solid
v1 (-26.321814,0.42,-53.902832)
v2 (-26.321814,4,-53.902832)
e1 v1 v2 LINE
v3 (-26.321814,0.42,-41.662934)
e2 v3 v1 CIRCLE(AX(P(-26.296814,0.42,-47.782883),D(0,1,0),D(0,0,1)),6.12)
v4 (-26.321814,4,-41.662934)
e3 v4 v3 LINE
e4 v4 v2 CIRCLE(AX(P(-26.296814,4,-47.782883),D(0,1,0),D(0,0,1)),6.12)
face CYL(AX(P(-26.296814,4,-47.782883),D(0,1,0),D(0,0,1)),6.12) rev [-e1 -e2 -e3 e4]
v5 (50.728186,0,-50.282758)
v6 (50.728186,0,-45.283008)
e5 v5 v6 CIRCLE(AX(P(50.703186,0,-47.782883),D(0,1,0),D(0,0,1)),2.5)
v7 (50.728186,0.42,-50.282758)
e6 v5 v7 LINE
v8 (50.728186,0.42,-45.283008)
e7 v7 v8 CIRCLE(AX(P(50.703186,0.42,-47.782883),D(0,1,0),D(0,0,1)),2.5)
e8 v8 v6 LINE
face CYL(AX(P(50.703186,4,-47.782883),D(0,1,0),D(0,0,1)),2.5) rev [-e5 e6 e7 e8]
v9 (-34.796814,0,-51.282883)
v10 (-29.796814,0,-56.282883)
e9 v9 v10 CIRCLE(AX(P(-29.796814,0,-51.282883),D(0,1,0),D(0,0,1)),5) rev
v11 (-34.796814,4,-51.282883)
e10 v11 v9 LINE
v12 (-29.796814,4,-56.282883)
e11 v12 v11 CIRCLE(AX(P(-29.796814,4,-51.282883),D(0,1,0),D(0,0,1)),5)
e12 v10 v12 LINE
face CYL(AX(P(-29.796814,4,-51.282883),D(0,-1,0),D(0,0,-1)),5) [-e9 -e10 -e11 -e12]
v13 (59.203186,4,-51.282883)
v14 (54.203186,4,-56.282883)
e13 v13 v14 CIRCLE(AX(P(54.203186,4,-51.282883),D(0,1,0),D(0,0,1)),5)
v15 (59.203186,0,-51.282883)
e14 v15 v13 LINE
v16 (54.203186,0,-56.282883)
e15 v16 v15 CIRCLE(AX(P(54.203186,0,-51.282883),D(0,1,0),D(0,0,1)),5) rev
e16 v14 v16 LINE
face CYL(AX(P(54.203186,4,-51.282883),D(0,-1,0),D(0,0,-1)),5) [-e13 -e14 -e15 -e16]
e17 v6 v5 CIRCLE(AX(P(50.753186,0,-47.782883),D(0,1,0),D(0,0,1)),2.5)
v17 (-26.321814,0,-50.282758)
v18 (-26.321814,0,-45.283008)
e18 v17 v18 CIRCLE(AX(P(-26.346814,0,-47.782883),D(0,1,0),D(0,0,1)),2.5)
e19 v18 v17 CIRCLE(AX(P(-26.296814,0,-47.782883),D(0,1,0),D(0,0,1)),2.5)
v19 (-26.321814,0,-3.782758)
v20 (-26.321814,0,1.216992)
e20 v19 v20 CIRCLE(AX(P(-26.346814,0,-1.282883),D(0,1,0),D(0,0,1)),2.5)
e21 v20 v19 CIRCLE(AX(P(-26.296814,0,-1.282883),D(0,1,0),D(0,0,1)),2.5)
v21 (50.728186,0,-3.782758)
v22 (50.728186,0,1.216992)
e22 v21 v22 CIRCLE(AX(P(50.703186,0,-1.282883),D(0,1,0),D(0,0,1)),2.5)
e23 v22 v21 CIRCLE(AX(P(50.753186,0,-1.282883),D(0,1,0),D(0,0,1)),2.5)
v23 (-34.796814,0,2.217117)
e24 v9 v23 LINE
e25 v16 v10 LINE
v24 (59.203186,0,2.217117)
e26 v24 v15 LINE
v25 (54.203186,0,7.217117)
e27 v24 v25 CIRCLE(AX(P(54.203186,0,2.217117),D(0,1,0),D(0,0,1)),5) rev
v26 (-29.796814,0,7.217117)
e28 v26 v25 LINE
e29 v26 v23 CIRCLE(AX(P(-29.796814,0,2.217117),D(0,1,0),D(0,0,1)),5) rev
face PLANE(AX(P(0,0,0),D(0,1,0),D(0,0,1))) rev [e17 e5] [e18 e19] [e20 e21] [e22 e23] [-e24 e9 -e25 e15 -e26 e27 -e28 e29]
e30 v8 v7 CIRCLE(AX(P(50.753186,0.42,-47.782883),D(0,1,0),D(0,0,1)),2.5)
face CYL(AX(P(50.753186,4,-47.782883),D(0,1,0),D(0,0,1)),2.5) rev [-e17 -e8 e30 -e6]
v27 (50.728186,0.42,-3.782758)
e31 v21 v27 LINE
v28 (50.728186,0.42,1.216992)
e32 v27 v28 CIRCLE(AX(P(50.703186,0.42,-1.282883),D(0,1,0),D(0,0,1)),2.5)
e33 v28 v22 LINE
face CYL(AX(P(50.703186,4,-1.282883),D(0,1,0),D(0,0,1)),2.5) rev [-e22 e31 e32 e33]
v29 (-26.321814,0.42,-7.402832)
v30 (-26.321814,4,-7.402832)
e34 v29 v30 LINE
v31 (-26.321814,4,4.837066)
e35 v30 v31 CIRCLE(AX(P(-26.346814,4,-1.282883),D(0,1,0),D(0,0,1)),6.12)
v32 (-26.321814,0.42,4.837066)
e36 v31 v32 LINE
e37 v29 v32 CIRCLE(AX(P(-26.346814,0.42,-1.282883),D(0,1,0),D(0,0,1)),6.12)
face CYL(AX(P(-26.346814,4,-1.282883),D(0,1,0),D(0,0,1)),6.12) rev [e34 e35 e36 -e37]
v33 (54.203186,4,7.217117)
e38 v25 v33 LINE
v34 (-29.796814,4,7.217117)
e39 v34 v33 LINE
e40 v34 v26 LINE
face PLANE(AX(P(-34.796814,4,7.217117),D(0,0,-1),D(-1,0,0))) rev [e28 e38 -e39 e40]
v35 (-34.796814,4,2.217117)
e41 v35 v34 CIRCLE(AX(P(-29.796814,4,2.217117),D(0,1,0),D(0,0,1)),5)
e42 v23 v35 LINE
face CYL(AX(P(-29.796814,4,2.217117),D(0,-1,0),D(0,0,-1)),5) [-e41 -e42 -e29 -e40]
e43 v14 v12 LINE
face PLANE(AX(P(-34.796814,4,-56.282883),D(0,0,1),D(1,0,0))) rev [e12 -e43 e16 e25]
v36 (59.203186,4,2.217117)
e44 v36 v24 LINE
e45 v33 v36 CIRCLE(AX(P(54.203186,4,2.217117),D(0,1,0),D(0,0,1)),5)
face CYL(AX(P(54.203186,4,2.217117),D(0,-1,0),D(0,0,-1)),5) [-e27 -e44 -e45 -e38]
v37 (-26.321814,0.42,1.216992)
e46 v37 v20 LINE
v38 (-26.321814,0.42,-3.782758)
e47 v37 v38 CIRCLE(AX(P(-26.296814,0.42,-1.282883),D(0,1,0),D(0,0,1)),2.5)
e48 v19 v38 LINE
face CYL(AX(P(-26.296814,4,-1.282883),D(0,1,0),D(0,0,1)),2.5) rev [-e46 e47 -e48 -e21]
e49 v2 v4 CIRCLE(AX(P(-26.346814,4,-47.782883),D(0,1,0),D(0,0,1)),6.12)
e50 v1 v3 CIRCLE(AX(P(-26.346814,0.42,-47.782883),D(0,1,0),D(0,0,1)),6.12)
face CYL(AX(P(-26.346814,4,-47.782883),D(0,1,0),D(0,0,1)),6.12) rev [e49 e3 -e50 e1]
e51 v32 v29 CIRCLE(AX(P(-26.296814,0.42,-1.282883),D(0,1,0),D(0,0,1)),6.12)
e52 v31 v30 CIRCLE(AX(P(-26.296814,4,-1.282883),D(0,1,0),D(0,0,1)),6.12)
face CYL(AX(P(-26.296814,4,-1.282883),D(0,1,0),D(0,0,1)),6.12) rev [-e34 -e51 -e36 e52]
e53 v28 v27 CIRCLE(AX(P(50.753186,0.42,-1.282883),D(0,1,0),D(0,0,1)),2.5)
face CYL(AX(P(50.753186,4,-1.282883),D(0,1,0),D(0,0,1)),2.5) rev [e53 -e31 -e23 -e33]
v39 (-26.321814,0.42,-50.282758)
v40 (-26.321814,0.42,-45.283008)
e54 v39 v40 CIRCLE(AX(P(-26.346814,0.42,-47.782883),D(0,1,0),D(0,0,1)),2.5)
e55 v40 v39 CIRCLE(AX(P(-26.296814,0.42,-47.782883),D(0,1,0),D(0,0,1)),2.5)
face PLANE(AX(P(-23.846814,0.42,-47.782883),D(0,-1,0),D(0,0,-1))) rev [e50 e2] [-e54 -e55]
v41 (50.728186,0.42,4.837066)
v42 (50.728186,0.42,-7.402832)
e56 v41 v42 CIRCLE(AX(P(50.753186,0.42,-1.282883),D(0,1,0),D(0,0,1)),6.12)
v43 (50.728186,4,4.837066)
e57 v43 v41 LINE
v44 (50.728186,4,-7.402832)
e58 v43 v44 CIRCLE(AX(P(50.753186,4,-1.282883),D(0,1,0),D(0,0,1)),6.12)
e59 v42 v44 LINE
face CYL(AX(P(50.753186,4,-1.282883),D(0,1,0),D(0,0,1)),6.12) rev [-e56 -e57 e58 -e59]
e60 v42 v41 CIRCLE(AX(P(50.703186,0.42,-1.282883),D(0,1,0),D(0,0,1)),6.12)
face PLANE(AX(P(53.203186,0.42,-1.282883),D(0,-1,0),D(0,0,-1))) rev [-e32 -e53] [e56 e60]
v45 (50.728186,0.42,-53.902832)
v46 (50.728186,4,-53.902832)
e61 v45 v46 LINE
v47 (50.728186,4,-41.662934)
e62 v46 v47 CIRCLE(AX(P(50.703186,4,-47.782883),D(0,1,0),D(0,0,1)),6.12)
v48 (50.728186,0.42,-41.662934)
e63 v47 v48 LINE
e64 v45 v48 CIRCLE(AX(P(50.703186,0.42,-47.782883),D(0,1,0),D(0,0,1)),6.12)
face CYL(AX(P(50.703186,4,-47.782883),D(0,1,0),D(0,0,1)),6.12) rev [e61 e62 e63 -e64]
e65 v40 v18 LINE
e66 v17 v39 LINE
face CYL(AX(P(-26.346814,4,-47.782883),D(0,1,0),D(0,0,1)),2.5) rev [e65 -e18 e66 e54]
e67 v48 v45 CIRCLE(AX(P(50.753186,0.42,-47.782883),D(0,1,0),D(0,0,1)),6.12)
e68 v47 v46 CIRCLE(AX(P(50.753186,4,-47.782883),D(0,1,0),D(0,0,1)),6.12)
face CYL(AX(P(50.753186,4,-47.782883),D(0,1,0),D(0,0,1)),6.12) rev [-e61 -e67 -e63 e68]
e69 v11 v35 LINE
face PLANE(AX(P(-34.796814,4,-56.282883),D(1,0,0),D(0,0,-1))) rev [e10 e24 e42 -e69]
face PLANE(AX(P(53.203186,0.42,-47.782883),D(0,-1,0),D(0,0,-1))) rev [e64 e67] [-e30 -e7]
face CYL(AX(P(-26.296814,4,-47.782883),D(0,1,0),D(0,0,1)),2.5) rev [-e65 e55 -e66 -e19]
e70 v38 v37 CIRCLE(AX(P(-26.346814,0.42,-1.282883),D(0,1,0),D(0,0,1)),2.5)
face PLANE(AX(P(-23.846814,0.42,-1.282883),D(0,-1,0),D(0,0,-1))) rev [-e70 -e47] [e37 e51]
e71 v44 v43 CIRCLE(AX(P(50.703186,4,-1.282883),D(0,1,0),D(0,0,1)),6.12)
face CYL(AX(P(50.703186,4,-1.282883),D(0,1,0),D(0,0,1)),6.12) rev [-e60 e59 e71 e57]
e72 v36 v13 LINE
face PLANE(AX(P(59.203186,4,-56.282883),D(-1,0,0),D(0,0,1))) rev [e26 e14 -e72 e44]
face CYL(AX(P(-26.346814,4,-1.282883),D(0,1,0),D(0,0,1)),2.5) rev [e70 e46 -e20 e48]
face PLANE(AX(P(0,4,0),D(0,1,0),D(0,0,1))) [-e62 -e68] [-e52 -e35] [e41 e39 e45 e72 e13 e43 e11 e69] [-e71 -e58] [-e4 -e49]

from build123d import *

# Parameters (mm, degrees)
SKETCH1_W                                    = 94
SKETCH1_H                                    = 63.5
BOSS_EXTRUDE1_DEPTH                          = 4
CBORE_SLOT_FOR_M5_HEX_HEAD_BOLT1_D           = 5
CBORE_SLOT_FOR_M5_HEX_HEAD_BOLT1_DEPTH       = 18
CBORE_SLOT_FOR_M5_HEX_HEAD_BOLT1_CBORE_D     = 12.24
CBORE_SLOT_FOR_M5_HEX_HEAD_BOLT1_CBORE_DEPTH = 3.58
CBORE_SLOT_FOR_M5_HEX_HEAD_BOLT1_TIP         = 1.502151548
FILLET1_R                                    = 5


with BuildPart() as part:
    # Sketch1 → Boss-Extrude1 (new body)
    with BuildSketch(Plane(origin=(0, 0, 0), x_dir=(1, 0, 0), z_dir=(0, 1, 0))):
        with Locations((12.203186111, 24.532883045)):
            Rectangle(SKETCH1_W, SKETCH1_H)
    extrude(amount=BOSS_EXTRUDE1_DEPTH)

    # CBORE SLOT for M5 Hex Head Bolt1
    with Locations(Plane(origin=(0, 4, 0), x_dir=(1, 0, 0), z_dir=(0, 1, 0))):
        with Locations((-26.296813889, 47.782883045), (-26.296813889, 1.282883045), (50.753186111, 47.782883045), (50.753186111, 1.282883045), (-26.346813889, 47.782883045), (-26.346813889, 1.282883045), (50.703186111, 1.282883045), (50.703186111, 47.782883045)):
            CounterBoreHole(CBORE_SLOT_FOR_M5_HEX_HEAD_BOLT1_D / 2, CBORE_SLOT_FOR_M5_HEX_HEAD_BOLT1_CBORE_D / 2, CBORE_SLOT_FOR_M5_HEX_HEAD_BOLT1_CBORE_DEPTH, depth=CBORE_SLOT_FOR_M5_HEX_HEAD_BOLT1_DEPTH)
            with Locations((0, 0, -(CBORE_SLOT_FOR_M5_HEX_HEAD_BOLT1_DEPTH + CBORE_SLOT_FOR_M5_HEX_HEAD_BOLT1_TIP / 2))):  # 118° drill point
                Cone(0, CBORE_SLOT_FOR_M5_HEX_HEAD_BOLT1_D / 2, CBORE_SLOT_FOR_M5_HEX_HEAD_BOLT1_TIP, mode=Mode.SUBTRACT)

    # Fillet1
    fillet1_edges = [part.edges().sort_by_distance(p)[0] for p in [
        (-34.796813889, 2, -56.282883045),
        (59.203186111, 2, -56.282883045),
        (59.203186111, 2, 7.217116955),
        (-34.796813889, 2, 7.217116955),
    ]]
    fillet(fillet1_edges, radius=FILLET1_R)


solid = part.part
